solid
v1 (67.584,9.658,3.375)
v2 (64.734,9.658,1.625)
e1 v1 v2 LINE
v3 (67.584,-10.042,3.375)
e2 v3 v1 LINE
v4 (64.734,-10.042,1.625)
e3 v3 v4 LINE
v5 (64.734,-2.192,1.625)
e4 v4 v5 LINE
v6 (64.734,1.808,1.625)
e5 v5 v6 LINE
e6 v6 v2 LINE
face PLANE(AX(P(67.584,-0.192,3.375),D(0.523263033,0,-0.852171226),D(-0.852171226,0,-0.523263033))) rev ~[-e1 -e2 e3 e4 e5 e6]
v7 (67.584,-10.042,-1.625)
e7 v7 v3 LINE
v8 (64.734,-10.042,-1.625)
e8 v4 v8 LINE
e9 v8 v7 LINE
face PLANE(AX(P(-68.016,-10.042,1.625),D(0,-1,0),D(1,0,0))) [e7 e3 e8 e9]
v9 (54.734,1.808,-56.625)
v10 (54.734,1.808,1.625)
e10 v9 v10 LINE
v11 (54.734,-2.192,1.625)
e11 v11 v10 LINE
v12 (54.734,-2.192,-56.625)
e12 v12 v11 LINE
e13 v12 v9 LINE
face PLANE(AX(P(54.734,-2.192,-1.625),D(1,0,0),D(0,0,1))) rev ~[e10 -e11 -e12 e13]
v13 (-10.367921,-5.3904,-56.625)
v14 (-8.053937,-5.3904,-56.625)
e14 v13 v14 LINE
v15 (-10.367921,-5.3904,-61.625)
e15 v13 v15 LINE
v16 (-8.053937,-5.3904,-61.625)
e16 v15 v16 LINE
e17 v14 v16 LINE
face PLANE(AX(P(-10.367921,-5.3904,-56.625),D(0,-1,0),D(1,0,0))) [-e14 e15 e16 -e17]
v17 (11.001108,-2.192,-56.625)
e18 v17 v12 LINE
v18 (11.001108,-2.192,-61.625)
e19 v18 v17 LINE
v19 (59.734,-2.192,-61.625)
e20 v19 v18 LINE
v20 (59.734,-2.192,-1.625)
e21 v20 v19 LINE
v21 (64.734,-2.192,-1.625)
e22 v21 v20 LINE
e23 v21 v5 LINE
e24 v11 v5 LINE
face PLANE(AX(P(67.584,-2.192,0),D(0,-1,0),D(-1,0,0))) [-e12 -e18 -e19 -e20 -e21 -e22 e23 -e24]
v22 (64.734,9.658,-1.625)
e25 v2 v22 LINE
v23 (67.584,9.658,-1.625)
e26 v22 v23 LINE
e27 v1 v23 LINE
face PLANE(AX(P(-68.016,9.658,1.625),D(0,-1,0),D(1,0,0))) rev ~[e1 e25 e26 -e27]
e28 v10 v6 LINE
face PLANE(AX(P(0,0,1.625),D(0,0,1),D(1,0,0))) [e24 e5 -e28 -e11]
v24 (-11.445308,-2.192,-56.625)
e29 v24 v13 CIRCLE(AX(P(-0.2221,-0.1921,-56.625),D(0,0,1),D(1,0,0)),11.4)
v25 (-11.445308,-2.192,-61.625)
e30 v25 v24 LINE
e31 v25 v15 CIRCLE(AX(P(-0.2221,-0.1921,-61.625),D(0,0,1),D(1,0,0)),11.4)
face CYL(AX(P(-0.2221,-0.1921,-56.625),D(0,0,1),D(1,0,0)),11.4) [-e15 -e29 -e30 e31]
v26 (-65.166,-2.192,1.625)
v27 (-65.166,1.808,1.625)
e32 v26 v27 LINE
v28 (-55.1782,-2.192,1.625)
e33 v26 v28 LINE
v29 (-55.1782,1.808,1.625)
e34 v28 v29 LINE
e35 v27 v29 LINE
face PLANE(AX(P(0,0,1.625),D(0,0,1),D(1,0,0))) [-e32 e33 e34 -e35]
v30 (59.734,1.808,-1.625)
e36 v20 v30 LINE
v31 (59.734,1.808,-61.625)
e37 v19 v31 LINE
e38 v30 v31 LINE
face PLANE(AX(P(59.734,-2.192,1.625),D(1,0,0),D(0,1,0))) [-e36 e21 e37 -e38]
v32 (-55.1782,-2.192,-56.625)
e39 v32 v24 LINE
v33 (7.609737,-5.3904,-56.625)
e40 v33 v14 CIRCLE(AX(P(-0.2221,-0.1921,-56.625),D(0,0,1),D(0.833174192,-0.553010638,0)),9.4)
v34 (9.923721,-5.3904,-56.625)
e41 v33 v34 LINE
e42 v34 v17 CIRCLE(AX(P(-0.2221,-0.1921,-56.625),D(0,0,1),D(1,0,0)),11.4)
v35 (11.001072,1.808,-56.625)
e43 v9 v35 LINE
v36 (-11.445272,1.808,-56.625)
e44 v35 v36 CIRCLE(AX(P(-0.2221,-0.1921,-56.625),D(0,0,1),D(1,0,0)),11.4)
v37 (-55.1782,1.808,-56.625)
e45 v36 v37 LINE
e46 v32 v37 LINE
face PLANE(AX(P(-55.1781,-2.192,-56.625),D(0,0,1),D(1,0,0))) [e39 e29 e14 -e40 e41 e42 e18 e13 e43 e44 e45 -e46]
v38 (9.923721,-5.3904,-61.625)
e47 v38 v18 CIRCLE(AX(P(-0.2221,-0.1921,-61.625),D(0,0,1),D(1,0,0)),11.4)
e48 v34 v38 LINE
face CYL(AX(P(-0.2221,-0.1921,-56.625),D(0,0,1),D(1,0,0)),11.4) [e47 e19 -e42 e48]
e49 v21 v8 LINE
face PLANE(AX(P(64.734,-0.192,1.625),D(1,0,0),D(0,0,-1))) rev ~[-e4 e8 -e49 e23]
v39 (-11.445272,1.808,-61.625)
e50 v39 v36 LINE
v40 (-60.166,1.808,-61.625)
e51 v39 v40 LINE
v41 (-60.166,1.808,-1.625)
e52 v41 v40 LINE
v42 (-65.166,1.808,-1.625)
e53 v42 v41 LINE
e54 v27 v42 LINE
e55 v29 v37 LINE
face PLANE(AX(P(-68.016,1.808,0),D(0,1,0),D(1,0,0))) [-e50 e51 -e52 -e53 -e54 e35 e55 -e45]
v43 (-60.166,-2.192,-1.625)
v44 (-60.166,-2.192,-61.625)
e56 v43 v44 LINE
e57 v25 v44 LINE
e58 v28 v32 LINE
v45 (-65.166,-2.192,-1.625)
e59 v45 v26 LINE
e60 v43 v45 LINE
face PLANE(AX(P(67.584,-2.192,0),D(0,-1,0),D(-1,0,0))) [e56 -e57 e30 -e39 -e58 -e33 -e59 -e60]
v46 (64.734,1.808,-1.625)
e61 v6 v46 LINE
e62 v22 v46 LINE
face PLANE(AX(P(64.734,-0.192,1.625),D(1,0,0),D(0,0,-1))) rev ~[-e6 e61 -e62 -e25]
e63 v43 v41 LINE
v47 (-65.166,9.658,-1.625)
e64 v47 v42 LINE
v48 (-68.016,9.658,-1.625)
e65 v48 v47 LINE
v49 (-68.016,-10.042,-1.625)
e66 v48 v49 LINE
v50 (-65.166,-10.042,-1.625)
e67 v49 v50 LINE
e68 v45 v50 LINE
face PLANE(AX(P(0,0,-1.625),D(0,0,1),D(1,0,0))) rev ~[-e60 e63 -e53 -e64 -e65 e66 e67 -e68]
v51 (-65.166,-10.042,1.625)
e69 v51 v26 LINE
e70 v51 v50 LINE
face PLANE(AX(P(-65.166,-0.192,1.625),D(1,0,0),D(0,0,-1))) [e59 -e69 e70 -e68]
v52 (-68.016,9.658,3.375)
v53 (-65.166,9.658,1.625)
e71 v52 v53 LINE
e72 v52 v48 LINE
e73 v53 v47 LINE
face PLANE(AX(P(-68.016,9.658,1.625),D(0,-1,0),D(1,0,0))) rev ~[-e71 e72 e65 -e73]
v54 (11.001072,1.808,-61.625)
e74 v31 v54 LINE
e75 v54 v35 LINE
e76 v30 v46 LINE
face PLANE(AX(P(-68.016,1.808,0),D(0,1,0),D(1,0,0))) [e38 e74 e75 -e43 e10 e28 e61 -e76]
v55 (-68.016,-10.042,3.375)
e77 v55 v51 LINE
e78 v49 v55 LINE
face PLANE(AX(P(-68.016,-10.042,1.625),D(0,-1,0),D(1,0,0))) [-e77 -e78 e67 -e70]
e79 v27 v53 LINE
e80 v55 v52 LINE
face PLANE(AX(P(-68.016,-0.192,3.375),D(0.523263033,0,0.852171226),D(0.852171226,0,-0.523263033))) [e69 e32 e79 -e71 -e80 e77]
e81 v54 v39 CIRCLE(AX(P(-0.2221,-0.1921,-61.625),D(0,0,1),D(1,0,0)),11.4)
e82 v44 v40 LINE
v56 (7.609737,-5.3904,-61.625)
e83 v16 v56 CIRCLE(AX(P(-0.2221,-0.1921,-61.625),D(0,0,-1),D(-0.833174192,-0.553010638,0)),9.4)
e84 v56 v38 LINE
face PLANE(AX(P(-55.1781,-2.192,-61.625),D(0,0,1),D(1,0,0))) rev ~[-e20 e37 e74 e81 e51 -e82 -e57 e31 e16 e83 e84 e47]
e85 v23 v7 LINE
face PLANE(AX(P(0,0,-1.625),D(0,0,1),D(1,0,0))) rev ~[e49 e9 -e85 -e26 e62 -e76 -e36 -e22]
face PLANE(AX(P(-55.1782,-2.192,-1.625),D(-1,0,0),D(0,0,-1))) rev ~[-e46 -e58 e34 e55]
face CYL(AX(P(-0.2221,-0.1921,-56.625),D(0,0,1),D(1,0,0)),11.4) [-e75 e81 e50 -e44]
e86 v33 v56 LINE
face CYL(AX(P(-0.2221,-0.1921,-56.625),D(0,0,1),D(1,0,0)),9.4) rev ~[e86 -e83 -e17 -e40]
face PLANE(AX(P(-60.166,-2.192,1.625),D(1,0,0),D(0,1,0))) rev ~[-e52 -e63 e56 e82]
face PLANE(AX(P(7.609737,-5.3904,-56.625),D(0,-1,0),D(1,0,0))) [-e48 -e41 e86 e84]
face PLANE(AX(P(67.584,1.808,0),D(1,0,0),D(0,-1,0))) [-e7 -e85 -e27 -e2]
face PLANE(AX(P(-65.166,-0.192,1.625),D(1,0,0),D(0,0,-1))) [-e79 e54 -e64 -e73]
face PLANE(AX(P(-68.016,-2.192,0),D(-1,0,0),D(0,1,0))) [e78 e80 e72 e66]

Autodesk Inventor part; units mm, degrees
ref_plane "YZ Plane" through (0, 0, 0) normal (1, 0, 0) x (0, 1, 0)
ref_plane "XZ Plane" through (0, 0, 0) normal (0, 1, 0) x (-1, 0, 0)
ref_plane "XY Plane" through (0, 0, 0) normal (0, 0, 1) x (1, 0, 0)
sketch "Skizze1" plane through (0, 0, 0) normal (0, 0, 1) x (1, 0, 0)
  line L0 (-68.016, 1.808) -> (67.584, 1.808)
  line L1 (67.584, 1.808) -> (67.584, -2.192)
  line L2 (67.584, -2.192) -> (-68.016, -2.192)
  line L3 (-68.016, -2.192) -> (-68.016, 1.808)
  line L4 (-68.016, 1.808) -> (67.584, -2.192) construction
  line L5 (67.584, 1.808) -> (-68.016, -2.192) construction
  point P0 (0, 0)
  point P1 (-0.216, -0.192)
  point P2 (-0.216, -0.192)
  dimension "d0" = 135.6
  dimension "d1" = 4
extrude "Extrusion1" add sketch "Skizze1" along normal mid plane 3.25
ref_plane "Arbeitsebene1" through (-68.016, -0.192, 1.625) normal (0, -1, 0) x (1, 0, 0)
sketch "Skizze2" plane through (-68.016, -0.192, 1.625) normal (0, -1, 0) x (1, 0, 0)
  line L0 (0, -3.25) -> (0, 0) projected
  line L1 (0, -3.25) -> (135.6, -3.25) projected
  line L2 (0, 0) -> (2.85, 0)
  line L3 (2.85, 0) -> (2.85, -3.25)
  line L4 (2.85, -3.25) -> (0, -3.25)
  line L5 (0, -3.25) -> (0, 0)
  line L6 (0, 0) -> (0, 1.75)
  line L7 (0, 1.75) -> (2.85, 0)
  line L8 (135.6, -3.25) -> (135.6, 0) projected
  line L9 (135.6, 0) -> (132.75, 0)
  line L10 (132.75, 0) -> (132.75, -3.25)
  line L11 (132.75, -3.25) -> (135.6, -3.25)
  line L12 (135.6, -3.25) -> (135.6, 0)
  line L13 (135.6, 0) -> (135.6, 1.75)
  line L14 (135.6, 1.75) -> (132.75, 0)
  point P0 (68.016, -1.625)
  dimension "d4" = 2.85
  dimension "d5" = 1.75
  dimension "d6" = 2.85
extrude "Extrusion2" add sketch "Skizze2" along normal mid plane 19.7
sketch "Skizze7" plane through (0, 0, 1.625) normal (0, 0, 1) x (1, 0, 0)
  line L0 (64.734, -2.192) -> (-65.166, -2.192) projected
  line L1 (64.734, 1.808) -> (-65.166, 1.808) projected
  line L2 (64.734, -2.192) -> (59.734, -2.192)
  line L3 (59.734, -2.192) -> (59.734, 1.808)
  line L4 (59.734, 1.808) -> (64.734, 1.808)
  line L5 (64.734, 1.808) -> (64.734, -2.192)
  line L6 (-65.166, -2.192) -> (-65.166, -10.042) projected
  line L7 (-65.166, -2.192) -> (-60.166, -2.192)
  line L8 (-60.166, -2.192) -> (-60.166, 1.808)
  line L9 (-60.166, 1.808) -> (-65.166, 1.808)
  line L10 (-65.166, 1.808) -> (-65.166, -2.192)
  line L11 (59.734, 1.808) -> (-60.166, 1.808)
  line L12 (-60.166, 1.808) -> (-60.166, -2.192)
  line L13 (-60.166, -2.192) -> (59.734, -2.192)
  line L14 (59.734, -2.192) -> (59.734, 1.808)
  point P0 (0, 0)
  point P1 (-60.166, 1.808)
  dimension "d27" = 5
  dimension "d28" = 5
extrude "Extrusion7" add sketch "Skizze7" against normal blind 63.25 contours L0 L8 L1 L3
sketch "Skizze8" plane through (-65.166, -2.192, 1.625) normal (0, -1, 0) x (1, 0, 0)
  line L0 (124.9, -3.25) -> (124.9, -63.25) projected
  line L1 (129.9, 0) -> (0, 0) projected
  line L2 (124.9, -3.25) -> (119.9, -3.25)
  line L3 (119.9, -3.25) -> (119.9, 0)
  line L4 (119.9, 0) -> (124.9, 0)
  line L5 (124.9, 0) -> (124.9, -3.25)
  line L6 (4.9878, -3.25) -> (9.9878, -3.25)
  line L7 (9.9878, -3.25) -> (9.9878, 0)
  line L8 (9.9878, 0) -> (4.9878, 0)
  line L9 (4.9878, 0) -> (4.9878, -3.25)
  line L10 (119.9, 0) -> (9.9878, 0)
  line L11 (9.9878, 0) -> (9.9878, -58.25)
  line L12 (9.9878, -58.25) -> (119.9, -58.25)
  line L13 (119.9, -58.25) -> (119.9, 0)
  point P0 (65.166, -1.625)
  dimension "d31" = 5
  dimension "d32" = 5
  dimension "d34" = 58.25
extrude "Extrusion8" cut sketch "Skizze8" against normal through all contours L3 L13 L12 L11 L7 L1
ref_plane "Arbeitsebene2" through (-0.222, -2.192, 1.625) normal (1, 0, 0) x (0, 0, -1)
sketch "Skizze9" plane through (-55.1781, -2.192, -56.625) normal (0, 0, 1) x (1, 0, 0)
  circle A0 centre (54.9561, 2.0001) radius 10.8
  point P0 (55.1781, 2.192)
  dimension "d38" = 21.6
extrude "Extrusion9" cut sketch "Skizze9" against normal through all
sketch "Skizze10" plane through (-55.1781, -2.192, -56.625) normal (0, 0, 1) x (1, 0, 0)
  circle A0 centre (54.956, 1.9999) radius 9.4
  circle A1 centre (54.956, 1.9999) radius 11.4
  line L0 (39.8004, -3.1984) -> (71.2174, -3.1984)
  point P0 (55.1781, 2.192)
  point P1 (62.7878, -3.1984)
  point P2 (65.1018, -3.1984)
  point P3 (44.8102, -3.1984)
  point P4 (47.1242, -3.1984)
  dimension "d41" = 18.8
  dimension "d42" = 22.8
extrude "Extrusion10" add sketch "Skizze10" against normal blind 5 contours A0 L0 A1 picked at (65.5795, 2.9069)
properties part number "2025_07_28_Holder_H2_O2_reactor_BOLA_GL14_V0.3"
